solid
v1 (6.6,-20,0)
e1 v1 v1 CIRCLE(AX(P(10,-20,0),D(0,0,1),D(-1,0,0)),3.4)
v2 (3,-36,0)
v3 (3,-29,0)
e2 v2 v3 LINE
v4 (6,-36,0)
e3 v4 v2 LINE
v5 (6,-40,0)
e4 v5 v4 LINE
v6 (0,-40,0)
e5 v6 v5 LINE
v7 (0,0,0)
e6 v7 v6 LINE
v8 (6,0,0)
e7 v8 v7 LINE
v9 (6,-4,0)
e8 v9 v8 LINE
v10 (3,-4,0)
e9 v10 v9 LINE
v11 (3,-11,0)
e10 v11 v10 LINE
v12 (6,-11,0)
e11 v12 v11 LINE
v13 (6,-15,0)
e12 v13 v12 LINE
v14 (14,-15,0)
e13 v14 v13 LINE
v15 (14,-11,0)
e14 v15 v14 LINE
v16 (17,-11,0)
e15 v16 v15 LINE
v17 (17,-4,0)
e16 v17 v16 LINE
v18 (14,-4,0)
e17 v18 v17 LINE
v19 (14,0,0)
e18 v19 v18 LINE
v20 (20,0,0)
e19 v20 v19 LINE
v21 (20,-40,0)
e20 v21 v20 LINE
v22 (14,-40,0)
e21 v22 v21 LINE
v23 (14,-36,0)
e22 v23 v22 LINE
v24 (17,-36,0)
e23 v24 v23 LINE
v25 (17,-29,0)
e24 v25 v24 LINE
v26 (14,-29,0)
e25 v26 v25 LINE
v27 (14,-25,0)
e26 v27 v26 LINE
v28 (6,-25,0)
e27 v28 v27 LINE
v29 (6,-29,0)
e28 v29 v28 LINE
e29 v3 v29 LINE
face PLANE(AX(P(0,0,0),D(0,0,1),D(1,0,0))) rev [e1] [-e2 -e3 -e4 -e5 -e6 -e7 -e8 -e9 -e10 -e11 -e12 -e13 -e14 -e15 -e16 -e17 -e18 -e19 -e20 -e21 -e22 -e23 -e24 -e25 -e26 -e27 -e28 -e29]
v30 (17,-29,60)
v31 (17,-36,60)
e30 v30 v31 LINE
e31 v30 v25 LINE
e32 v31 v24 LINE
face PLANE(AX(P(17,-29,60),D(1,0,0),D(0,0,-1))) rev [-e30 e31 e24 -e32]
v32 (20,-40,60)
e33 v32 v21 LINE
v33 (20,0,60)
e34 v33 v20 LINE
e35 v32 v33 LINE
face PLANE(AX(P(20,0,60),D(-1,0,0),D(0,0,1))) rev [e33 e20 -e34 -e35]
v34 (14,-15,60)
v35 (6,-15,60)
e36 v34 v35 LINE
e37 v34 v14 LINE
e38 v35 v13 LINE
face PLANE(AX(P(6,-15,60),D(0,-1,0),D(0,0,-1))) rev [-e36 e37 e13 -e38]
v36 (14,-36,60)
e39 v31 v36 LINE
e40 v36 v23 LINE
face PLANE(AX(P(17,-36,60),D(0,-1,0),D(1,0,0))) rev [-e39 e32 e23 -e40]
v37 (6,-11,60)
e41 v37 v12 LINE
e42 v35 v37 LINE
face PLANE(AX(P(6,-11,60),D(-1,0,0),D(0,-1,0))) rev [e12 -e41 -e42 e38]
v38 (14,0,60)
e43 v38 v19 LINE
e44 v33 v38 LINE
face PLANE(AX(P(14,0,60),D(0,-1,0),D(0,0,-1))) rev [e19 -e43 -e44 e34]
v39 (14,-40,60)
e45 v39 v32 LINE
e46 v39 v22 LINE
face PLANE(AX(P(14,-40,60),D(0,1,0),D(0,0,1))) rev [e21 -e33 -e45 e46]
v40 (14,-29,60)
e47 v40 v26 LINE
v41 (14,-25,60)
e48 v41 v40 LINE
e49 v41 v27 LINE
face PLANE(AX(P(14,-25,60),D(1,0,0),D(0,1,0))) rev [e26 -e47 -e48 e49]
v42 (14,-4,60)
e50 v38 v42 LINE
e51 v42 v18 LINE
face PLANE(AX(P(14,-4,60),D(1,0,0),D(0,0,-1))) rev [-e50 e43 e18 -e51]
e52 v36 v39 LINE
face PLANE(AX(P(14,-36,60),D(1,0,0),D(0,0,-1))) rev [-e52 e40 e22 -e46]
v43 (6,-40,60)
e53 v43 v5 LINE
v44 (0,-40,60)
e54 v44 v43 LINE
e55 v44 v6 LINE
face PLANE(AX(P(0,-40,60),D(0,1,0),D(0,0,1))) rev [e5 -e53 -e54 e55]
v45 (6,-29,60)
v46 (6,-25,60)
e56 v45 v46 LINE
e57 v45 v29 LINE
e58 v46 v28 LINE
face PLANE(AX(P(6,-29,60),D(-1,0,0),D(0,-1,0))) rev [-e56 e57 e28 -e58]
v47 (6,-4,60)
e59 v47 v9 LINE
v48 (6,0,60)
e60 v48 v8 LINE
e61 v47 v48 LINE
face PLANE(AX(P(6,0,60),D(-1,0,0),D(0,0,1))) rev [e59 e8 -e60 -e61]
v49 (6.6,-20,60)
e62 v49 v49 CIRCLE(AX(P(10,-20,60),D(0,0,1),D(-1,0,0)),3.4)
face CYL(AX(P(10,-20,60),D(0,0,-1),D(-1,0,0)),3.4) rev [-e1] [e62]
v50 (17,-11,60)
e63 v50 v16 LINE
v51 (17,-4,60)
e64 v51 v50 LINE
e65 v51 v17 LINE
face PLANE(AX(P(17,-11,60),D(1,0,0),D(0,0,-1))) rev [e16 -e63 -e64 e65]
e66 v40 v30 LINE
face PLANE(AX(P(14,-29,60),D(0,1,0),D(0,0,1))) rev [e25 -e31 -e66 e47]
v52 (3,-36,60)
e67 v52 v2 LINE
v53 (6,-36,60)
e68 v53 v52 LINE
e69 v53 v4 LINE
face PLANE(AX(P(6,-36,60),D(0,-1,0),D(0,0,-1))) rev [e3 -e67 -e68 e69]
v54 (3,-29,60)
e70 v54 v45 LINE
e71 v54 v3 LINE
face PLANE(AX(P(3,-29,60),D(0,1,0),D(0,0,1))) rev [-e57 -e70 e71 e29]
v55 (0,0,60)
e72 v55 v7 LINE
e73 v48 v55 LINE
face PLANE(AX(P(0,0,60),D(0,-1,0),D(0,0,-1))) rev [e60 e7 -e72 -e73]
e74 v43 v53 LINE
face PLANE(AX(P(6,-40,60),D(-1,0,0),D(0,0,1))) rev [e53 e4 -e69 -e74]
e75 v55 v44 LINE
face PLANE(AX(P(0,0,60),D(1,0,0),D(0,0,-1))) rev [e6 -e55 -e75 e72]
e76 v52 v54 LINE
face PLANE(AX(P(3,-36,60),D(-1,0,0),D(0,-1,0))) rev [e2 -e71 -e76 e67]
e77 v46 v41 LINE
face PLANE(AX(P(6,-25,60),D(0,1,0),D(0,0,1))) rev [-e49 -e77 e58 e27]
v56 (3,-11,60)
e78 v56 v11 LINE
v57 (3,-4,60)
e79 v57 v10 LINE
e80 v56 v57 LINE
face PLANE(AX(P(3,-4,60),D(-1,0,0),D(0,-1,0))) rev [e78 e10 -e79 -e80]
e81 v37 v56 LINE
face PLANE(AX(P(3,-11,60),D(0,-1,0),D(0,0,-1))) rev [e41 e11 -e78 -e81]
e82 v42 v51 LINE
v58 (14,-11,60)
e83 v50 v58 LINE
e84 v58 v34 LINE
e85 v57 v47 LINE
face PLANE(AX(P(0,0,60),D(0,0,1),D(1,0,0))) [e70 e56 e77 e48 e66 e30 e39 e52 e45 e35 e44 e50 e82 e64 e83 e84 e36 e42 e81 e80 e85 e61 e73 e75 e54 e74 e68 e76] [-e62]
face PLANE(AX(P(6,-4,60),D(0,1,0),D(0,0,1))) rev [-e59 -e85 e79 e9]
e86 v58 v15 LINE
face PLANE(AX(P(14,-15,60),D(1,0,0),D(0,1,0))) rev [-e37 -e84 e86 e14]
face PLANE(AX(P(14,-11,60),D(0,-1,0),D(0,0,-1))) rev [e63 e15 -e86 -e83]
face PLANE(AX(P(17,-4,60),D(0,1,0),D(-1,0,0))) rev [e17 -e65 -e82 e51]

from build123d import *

# Parameters (mm, degrees)
SKETCH_2_R      = 3.4
EXTRUDE_1_DEPTH = 60


with BuildPart() as part:
    # 草图2 → 凸台-拉伸1 (new body)
    with BuildSketch(Plane.XY):
        Polygon((0, 0), (6, 0), (6, -4), (3, -4), (3, -11), (6, -11), (6, -15), (14, -15), (14, -11), (17, -11), (17, -4), (14, -4), (14, 0), (20, 0), (20, -40), (14, -40), (14, -36), (17, -36), (17, -29), (14, -29), (14, -25), (6, -25), (6, -29), (3, -29), (3, -36), (6, -36), (6, -40), (0, -40), align=None)
        with Locations(Location((10, -20, 0), (0, 0, 180))):
            Circle(SKETCH_2_R, mode=Mode.SUBTRACT)
    extrude(amount=EXTRUDE_1_DEPTH)


solid = part.part
